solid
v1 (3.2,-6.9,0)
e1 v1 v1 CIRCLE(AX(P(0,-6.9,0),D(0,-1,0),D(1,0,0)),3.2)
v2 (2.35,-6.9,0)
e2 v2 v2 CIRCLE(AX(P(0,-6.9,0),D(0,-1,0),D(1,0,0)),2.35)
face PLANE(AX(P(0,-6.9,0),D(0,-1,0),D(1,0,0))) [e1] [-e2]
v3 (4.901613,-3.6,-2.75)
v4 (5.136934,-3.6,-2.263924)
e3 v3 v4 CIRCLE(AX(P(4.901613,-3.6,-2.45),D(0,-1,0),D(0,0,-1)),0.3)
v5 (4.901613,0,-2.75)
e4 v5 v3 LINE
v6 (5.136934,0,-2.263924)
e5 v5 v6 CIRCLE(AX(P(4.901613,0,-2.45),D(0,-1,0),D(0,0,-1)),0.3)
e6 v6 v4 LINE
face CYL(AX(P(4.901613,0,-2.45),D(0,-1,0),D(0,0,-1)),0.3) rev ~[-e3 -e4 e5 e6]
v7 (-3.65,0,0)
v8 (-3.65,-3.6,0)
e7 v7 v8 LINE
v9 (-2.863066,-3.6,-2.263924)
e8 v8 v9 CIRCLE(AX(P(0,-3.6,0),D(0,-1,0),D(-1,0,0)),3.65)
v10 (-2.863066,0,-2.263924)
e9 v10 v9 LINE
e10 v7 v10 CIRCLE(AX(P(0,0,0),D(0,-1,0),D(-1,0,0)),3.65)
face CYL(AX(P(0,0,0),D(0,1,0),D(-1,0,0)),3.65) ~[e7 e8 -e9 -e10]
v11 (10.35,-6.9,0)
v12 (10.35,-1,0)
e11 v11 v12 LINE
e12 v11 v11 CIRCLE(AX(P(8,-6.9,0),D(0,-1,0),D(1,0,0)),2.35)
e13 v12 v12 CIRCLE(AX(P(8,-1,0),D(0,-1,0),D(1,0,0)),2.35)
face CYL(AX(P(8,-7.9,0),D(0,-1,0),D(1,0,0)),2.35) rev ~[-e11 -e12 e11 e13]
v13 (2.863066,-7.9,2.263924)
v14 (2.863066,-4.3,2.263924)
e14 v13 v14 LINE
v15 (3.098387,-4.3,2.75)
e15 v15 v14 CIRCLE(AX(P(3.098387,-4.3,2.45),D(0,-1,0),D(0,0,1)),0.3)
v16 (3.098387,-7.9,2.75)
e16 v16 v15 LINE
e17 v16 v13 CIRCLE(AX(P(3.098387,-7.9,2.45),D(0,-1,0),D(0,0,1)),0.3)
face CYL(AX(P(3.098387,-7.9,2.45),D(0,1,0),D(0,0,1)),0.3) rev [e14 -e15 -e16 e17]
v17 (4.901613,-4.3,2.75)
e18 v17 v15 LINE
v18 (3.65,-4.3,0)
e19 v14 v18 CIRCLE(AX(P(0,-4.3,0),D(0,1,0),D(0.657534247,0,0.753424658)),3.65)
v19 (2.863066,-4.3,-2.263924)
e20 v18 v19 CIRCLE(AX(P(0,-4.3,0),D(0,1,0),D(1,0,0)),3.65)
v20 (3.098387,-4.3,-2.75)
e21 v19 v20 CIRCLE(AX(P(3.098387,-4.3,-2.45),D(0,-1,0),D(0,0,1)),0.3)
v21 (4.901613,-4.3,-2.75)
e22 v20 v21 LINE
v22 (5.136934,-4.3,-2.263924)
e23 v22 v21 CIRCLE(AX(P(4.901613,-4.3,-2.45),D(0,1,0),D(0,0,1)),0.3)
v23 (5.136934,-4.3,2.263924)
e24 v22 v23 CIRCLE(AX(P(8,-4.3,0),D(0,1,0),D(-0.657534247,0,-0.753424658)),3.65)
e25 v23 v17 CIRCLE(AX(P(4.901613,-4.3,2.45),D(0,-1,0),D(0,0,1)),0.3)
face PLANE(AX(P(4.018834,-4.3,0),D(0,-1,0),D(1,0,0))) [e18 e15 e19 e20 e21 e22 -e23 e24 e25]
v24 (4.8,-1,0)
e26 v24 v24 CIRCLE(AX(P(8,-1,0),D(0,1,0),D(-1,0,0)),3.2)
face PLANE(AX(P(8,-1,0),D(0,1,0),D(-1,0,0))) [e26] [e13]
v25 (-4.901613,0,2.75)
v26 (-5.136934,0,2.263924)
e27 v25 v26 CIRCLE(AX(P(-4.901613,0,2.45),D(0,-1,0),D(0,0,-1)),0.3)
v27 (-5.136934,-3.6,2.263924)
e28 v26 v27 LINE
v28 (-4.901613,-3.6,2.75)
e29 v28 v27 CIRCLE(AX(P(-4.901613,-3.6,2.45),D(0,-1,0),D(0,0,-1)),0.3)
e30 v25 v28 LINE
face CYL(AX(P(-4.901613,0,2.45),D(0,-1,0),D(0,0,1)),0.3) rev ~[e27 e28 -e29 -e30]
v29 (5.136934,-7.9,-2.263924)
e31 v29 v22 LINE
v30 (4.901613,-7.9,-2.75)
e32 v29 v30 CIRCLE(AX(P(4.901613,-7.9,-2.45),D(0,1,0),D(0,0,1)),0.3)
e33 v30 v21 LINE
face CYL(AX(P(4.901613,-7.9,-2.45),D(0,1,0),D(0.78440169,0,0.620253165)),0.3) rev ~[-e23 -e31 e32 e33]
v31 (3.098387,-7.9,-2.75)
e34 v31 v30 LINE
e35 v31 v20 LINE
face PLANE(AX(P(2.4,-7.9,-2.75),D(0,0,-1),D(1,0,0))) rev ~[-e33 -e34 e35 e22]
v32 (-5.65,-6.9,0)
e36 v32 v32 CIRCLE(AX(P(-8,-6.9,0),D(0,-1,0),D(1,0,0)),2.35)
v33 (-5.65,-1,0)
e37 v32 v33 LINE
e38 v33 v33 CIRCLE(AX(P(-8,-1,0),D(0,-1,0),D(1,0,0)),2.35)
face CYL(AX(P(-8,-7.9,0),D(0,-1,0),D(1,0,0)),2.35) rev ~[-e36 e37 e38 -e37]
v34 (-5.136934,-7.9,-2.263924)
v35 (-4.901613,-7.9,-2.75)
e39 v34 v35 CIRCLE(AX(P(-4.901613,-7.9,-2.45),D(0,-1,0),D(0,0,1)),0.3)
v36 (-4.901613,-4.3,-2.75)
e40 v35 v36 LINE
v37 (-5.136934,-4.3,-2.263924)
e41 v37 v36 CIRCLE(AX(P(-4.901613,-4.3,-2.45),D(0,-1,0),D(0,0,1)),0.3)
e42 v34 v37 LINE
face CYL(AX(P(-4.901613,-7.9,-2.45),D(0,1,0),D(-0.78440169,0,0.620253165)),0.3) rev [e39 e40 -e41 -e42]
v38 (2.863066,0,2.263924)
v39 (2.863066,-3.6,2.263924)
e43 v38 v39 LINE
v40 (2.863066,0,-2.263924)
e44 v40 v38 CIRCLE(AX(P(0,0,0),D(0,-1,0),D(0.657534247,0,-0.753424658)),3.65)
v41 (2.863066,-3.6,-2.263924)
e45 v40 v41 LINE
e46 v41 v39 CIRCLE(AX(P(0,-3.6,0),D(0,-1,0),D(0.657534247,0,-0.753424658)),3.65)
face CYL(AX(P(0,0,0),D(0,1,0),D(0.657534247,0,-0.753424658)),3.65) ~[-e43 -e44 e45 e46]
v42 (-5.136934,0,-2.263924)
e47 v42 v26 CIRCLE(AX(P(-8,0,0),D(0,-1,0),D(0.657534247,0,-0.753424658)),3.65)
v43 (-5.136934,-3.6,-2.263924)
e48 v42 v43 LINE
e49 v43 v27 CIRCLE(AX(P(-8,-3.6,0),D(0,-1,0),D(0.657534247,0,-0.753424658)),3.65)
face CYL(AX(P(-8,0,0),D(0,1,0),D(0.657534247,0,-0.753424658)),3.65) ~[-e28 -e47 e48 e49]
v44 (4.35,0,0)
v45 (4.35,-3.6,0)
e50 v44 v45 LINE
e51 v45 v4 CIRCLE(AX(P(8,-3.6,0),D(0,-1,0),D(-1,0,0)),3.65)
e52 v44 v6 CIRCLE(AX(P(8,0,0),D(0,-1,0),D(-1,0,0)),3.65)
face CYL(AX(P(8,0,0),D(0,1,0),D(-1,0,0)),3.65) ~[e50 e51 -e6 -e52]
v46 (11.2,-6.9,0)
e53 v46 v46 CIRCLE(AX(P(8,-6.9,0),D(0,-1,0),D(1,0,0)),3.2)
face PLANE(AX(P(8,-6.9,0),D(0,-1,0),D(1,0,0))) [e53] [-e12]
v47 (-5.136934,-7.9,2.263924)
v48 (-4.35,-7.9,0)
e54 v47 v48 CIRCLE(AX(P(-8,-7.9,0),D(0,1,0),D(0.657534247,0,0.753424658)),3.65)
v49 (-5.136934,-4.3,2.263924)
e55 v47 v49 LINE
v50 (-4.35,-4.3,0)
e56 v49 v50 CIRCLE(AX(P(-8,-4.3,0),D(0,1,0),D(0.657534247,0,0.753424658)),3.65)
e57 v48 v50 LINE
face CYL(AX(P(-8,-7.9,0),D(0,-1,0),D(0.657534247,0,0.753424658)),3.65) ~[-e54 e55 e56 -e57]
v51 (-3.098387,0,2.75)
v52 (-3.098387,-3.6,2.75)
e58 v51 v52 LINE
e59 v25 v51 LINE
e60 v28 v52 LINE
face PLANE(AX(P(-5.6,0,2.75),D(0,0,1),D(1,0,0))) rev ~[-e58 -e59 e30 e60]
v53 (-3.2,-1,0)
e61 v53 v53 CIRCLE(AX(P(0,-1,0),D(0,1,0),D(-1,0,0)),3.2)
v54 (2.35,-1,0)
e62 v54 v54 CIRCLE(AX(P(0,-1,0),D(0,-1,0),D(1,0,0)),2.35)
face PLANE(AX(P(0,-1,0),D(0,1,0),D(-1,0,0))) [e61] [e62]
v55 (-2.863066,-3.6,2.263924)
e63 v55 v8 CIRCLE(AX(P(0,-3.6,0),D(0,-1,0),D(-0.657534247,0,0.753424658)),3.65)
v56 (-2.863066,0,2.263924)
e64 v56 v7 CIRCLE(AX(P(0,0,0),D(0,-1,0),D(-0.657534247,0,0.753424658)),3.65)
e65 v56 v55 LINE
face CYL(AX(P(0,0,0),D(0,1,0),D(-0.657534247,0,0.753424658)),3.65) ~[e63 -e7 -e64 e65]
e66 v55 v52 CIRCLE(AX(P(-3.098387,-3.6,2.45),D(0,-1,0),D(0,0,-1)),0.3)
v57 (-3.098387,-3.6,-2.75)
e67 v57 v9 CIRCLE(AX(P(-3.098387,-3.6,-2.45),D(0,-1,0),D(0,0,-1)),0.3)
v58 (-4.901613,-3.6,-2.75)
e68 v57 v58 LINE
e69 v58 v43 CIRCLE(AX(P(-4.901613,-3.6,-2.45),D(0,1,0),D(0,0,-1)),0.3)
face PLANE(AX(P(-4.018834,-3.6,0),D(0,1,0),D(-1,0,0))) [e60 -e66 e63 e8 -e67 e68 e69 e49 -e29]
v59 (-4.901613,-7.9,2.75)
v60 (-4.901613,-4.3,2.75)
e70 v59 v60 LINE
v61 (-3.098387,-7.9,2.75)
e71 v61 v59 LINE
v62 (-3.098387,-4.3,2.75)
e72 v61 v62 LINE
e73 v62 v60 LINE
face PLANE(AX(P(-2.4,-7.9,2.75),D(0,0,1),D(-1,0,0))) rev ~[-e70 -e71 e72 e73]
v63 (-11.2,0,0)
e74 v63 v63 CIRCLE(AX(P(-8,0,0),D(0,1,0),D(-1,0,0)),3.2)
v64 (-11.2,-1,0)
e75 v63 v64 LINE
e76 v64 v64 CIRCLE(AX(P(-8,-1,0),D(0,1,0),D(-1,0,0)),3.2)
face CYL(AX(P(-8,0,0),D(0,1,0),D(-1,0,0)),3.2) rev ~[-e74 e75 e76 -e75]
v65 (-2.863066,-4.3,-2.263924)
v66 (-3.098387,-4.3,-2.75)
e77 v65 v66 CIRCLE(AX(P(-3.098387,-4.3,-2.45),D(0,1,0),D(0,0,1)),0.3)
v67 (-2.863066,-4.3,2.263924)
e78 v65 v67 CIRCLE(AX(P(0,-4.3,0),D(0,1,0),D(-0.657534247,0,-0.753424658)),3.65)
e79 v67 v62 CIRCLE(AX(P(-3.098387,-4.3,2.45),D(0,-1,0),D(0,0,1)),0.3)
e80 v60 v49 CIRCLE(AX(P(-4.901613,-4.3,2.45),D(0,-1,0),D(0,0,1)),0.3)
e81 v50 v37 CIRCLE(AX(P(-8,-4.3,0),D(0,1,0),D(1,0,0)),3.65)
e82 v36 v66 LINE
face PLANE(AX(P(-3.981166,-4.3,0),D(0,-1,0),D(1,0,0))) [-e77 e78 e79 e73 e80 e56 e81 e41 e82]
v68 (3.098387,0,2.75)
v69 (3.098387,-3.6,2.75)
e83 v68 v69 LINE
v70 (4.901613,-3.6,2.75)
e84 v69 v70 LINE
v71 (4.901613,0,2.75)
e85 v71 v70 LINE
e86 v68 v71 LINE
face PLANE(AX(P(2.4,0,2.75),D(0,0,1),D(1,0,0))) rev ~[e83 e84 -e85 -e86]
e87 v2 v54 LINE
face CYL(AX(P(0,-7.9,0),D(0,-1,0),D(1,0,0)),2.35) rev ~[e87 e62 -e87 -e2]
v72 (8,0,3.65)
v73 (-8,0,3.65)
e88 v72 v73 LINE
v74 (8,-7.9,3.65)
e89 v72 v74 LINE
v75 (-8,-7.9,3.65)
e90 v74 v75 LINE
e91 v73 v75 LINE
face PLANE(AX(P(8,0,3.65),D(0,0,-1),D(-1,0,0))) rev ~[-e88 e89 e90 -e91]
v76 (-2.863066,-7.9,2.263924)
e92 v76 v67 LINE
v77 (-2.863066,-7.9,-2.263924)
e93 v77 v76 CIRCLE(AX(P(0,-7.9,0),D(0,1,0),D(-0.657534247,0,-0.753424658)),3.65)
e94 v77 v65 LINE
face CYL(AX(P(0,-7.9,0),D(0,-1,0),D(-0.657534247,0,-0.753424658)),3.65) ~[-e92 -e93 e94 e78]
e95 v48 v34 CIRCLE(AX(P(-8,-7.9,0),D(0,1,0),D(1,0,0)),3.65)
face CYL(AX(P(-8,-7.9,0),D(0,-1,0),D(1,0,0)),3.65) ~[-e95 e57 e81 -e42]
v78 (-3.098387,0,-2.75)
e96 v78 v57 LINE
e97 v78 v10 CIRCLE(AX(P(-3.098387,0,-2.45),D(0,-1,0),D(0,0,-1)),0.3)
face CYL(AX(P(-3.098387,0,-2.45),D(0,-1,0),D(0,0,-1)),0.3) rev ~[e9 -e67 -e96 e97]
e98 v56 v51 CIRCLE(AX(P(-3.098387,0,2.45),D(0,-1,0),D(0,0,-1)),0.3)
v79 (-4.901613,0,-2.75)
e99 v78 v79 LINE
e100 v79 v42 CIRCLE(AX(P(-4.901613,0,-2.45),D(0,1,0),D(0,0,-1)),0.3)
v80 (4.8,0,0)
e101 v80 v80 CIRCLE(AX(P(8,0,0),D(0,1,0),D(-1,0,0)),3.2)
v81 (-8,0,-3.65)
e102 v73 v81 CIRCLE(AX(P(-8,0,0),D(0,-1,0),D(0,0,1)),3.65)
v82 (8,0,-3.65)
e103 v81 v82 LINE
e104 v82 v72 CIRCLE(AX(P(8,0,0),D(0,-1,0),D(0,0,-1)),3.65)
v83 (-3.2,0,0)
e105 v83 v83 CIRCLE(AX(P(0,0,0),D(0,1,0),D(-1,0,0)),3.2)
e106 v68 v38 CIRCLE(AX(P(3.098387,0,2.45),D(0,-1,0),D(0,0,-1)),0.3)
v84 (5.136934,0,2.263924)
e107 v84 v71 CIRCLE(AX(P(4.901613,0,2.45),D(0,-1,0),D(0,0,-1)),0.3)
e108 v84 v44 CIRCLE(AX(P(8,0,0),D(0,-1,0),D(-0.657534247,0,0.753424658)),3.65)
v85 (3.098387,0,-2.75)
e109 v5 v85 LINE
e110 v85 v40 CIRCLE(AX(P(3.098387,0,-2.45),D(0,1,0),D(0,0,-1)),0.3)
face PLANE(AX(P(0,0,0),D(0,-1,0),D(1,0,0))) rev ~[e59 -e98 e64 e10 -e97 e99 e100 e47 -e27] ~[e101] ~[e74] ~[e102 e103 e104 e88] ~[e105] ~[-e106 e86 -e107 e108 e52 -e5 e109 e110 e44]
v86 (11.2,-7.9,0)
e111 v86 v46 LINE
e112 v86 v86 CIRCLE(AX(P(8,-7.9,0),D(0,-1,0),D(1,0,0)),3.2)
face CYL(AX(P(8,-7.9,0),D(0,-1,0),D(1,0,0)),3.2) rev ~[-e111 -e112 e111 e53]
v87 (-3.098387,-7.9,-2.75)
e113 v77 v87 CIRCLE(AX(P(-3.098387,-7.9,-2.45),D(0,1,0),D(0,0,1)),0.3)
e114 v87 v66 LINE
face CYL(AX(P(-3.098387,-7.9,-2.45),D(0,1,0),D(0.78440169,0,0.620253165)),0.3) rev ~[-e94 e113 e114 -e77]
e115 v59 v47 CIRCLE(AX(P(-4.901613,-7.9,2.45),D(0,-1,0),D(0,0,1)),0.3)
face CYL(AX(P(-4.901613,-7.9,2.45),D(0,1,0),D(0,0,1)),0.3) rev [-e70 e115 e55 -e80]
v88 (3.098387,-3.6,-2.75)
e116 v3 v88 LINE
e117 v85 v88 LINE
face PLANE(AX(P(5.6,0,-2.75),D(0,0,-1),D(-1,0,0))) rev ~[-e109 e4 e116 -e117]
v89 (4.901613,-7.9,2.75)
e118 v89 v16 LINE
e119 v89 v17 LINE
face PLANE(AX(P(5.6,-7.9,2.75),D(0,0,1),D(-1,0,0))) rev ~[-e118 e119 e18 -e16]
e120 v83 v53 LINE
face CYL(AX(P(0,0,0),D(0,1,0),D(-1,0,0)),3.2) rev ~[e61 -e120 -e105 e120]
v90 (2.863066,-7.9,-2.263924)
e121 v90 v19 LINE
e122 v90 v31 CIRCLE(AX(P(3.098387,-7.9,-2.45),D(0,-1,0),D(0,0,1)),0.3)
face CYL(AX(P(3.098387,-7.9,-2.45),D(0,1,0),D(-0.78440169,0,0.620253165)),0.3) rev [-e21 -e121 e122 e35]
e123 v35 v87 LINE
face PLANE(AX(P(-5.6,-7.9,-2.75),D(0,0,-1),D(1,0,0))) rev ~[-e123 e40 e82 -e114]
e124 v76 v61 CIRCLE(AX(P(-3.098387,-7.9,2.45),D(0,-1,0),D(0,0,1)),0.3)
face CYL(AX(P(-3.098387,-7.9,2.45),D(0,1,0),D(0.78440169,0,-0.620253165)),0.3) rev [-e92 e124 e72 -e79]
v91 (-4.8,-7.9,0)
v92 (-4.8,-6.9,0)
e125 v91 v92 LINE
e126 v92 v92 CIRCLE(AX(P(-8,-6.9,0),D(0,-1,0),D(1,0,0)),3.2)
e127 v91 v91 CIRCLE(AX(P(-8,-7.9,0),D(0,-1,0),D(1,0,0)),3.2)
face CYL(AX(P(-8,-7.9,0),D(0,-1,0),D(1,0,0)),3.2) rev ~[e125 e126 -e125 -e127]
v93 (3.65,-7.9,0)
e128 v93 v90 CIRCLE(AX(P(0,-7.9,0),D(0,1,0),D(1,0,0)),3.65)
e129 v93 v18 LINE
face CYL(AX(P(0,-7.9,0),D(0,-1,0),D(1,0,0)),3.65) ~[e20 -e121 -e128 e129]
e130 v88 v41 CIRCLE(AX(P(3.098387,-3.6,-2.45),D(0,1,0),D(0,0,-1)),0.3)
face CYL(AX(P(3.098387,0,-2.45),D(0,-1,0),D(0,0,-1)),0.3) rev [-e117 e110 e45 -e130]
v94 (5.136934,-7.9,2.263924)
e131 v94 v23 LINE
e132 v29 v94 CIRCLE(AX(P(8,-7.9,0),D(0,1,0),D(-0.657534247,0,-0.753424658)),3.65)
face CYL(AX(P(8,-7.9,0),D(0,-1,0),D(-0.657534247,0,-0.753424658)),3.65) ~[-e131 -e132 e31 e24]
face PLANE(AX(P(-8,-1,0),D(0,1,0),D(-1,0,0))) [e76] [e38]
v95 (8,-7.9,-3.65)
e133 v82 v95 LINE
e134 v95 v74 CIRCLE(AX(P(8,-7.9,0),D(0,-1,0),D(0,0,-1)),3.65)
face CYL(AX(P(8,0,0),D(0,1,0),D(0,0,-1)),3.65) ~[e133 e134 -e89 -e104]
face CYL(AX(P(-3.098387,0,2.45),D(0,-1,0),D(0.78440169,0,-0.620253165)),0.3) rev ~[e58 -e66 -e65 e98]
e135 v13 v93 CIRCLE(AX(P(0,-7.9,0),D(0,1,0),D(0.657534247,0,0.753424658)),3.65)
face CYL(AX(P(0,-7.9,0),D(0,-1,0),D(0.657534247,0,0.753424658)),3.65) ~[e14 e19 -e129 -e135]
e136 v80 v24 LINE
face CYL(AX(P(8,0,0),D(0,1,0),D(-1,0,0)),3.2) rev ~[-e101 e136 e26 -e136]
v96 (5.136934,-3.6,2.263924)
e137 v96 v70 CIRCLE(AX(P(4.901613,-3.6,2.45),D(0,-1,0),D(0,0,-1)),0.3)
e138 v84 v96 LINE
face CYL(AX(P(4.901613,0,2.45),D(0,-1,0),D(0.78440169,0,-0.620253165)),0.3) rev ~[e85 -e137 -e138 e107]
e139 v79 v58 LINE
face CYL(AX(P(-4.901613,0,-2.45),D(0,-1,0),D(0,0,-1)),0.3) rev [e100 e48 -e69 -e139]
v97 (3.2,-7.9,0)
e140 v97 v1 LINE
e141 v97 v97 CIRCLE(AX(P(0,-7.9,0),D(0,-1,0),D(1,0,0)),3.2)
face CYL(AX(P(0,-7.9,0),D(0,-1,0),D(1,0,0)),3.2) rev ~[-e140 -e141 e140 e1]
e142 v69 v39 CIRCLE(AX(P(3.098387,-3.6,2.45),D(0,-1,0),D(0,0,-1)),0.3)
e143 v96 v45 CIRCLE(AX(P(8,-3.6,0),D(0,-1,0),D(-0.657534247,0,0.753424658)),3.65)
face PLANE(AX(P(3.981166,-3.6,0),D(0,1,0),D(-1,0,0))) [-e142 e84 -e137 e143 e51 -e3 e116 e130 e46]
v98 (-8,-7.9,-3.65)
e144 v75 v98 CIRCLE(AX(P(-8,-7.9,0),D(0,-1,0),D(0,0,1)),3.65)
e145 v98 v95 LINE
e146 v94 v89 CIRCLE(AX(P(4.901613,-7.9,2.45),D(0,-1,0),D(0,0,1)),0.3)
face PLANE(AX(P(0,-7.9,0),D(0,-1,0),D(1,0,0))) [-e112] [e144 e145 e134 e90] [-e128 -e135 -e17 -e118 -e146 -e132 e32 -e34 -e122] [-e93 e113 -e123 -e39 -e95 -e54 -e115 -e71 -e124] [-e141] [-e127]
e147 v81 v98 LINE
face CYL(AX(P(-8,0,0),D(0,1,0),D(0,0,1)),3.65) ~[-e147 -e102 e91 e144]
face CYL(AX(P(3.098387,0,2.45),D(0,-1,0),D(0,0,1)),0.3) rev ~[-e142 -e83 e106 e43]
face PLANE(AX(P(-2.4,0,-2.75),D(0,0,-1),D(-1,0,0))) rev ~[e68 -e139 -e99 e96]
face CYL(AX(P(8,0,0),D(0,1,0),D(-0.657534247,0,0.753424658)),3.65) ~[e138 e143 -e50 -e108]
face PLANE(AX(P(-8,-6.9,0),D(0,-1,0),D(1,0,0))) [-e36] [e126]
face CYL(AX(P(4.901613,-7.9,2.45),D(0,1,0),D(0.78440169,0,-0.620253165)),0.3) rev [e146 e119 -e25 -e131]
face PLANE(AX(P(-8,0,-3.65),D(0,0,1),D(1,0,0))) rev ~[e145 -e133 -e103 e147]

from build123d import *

# Parameters (mm, degrees)
F1_DEPTH  = 7.9
F2_R      = 3.2
F2_R_2    = 2.35
F3_DEPTH  = 1
F3_FACE_R = 2.35
F4_R      = 2.35
F5_DEPTH  = 7.901
F6_R      = 3.2
F6_R_2    = 2.35
F7_DEPTH  = 1
F9_DEPTH  = 3.6
F11_DEPTH = 3.6
F12_R     = 0.3


with BuildPart() as f1:
    # F0 (on Front) → F1 (new body)
    with BuildSketch(Plane.XZ):
        with BuildLine():
            Line((-8, -3.65), (8, -3.65))
            ThreePointArc((8, -3.65), (11.65, 0), (8, 3.65))
            Line((8, 3.65), (-8, 3.65))
            ThreePointArc((-8, 3.65), (-11.65, 0), (-8, -3.65))
        make_face()
    extrude(amount=F1_DEPTH)

    # F2 (on face) → F3 (cut)
    with BuildSketch(Plane.XZ.offset(7.9)):
        with Locations((-8, 0)):
            Circle(F2_R)
        with Locations((-8, 0)):
            Circle(F2_R_2, mode=Mode.SUBTRACT)
        Circle(F2_R)
        Circle(F2_R_2, mode=Mode.SUBTRACT)
        with Locations((8, 0)):
            Circle(F2_R)
        with Locations((8, 0)):
            Circle(F2_R_2, mode=Mode.SUBTRACT)
    extrude(amount=-F3_DEPTH, mode=Mode.SUBTRACT)

    # F3_face (on face) + F4 (on face) → F5 (cut, through all)
    with BuildSketch(Plane.XZ.offset(7.9)):
        with Locations((-8, 0)):
            Circle(F3_FACE_R)
        with Locations((8, 0)):
            Circle(F3_FACE_R)
    with BuildSketch(Plane.XZ.offset(7.9)):
        Circle(F4_R)
    extrude(amount=-F5_DEPTH, mode=Mode.SUBTRACT)

    # F6 (on face) → F7 (cut)
    with BuildSketch(Plane(origin=(0, 0, 0), x_dir=(-1, 0, 0), z_dir=(0, 1, 0))):
        with Locations((8, 0)):
            Circle(F6_R)
        with Locations((8, 0)):
            Circle(F6_R_2, mode=Mode.SUBTRACT)
        Circle(F6_R)
        Circle(F6_R_2, mode=Mode.SUBTRACT)
        with Locations((-8, 0)):
            Circle(F6_R)
        with Locations((-8, 0)):
            Circle(F6_R_2, mode=Mode.SUBTRACT)
    extrude(amount=-F7_DEPTH, mode=Mode.SUBTRACT)

    # F8 (on face) → F9 (cut)
    with BuildSketch(Plane.XZ.offset(7.9)):
        with BuildLine():
            ThreePointArc((5.6, -2.75), (4.35, 0), (5.6, 2.75))
            Line((5.6, 2.75), (2.4, 2.75))
            ThreePointArc((2.4, 2.75), (3.3228376427, 1.5103807467), (3.65, 0))
            ThreePointArc((3.65, 0), (3.3228376427, -1.5103807467), (2.4, -2.75))
            Line((2.4, -2.75), (5.6, -2.75))
        make_face()
        with BuildLine():
            ThreePointArc((-2.4, -2.75), (-3.65, 0), (-2.4, 2.75))
            Line((-2.4, 2.75), (-5.6, 2.75))
            ThreePointArc((-5.6, 2.75), (-4.6771623573, 1.5103807467), (-4.35, 0))
            ThreePointArc((-4.35, 0), (-4.6771623573, -1.5103807467), (-5.6, -2.75))
            Line((-5.6, -2.75), (-2.4, -2.75))
        make_face()
    extrude(amount=-F9_DEPTH, mode=Mode.SUBTRACT)

    # F10 (on face) → F11 (cut)
    with BuildSketch(Plane(origin=(0, 0, 0), x_dir=(-1, 0, 0), z_dir=(0, 1, 0))):
        with BuildLine():
            ThreePointArc((5.6, -2.75), (4.35, 0), (5.6, 2.75))
            Line((5.6, 2.75), (2.4, 2.75))
            ThreePointArc((2.4, 2.75), (3.3228376427, 1.5103807467), (3.65, 0))
            ThreePointArc((3.65, 0), (3.3228376427, -1.5103807467), (2.4, -2.75))
            Line((2.4, -2.75), (5.6, -2.75))
        make_face()
        with BuildLine():
            ThreePointArc((-2.4, -2.75), (-3.65, 0), (-2.4, 2.75))
            Line((-2.4, 2.75), (-5.6, 2.75))
            ThreePointArc((-5.6, 2.75), (-4.6771623573, 1.5103807467), (-4.35, 0))
            ThreePointArc((-4.35, 0), (-4.6771623573, -1.5103807467), (-5.6, -2.75))
            Line((-5.6, -2.75), (-2.4, -2.75))
        make_face()
    extrude(amount=-F11_DEPTH, mode=Mode.SUBTRACT)

    # F12
    f12_edges = [f1.edges().sort_by_distance(p)[0] for p in [
        (-5.6, -1.8, 2.75),
        (2.4, -1.8, 2.75),
        (2.4, -6.1, 2.75),
        (-5.6, -6.1, 2.75),
        (-2.4, -6.1, 2.75),
        (5.6, -6.1, 2.75),
        (-2.4, -1.8, 2.75),
        (5.6, -1.8, 2.75),
        (-5.6, -1.8, -2.75),
        (2.4, -1.8, -2.75),
        (-2.4, -1.8, -2.75),
        (5.6, -1.8, -2.75),
        (-2.4, -6.1, -2.75),
        (5.6, -6.1, -2.75),
        (-5.6, -6.1, -2.75),
        (2.4, -6.1, -2.75),
    ]]
    fillet(f12_edges, radius=F12_R)


solid = f1.part
